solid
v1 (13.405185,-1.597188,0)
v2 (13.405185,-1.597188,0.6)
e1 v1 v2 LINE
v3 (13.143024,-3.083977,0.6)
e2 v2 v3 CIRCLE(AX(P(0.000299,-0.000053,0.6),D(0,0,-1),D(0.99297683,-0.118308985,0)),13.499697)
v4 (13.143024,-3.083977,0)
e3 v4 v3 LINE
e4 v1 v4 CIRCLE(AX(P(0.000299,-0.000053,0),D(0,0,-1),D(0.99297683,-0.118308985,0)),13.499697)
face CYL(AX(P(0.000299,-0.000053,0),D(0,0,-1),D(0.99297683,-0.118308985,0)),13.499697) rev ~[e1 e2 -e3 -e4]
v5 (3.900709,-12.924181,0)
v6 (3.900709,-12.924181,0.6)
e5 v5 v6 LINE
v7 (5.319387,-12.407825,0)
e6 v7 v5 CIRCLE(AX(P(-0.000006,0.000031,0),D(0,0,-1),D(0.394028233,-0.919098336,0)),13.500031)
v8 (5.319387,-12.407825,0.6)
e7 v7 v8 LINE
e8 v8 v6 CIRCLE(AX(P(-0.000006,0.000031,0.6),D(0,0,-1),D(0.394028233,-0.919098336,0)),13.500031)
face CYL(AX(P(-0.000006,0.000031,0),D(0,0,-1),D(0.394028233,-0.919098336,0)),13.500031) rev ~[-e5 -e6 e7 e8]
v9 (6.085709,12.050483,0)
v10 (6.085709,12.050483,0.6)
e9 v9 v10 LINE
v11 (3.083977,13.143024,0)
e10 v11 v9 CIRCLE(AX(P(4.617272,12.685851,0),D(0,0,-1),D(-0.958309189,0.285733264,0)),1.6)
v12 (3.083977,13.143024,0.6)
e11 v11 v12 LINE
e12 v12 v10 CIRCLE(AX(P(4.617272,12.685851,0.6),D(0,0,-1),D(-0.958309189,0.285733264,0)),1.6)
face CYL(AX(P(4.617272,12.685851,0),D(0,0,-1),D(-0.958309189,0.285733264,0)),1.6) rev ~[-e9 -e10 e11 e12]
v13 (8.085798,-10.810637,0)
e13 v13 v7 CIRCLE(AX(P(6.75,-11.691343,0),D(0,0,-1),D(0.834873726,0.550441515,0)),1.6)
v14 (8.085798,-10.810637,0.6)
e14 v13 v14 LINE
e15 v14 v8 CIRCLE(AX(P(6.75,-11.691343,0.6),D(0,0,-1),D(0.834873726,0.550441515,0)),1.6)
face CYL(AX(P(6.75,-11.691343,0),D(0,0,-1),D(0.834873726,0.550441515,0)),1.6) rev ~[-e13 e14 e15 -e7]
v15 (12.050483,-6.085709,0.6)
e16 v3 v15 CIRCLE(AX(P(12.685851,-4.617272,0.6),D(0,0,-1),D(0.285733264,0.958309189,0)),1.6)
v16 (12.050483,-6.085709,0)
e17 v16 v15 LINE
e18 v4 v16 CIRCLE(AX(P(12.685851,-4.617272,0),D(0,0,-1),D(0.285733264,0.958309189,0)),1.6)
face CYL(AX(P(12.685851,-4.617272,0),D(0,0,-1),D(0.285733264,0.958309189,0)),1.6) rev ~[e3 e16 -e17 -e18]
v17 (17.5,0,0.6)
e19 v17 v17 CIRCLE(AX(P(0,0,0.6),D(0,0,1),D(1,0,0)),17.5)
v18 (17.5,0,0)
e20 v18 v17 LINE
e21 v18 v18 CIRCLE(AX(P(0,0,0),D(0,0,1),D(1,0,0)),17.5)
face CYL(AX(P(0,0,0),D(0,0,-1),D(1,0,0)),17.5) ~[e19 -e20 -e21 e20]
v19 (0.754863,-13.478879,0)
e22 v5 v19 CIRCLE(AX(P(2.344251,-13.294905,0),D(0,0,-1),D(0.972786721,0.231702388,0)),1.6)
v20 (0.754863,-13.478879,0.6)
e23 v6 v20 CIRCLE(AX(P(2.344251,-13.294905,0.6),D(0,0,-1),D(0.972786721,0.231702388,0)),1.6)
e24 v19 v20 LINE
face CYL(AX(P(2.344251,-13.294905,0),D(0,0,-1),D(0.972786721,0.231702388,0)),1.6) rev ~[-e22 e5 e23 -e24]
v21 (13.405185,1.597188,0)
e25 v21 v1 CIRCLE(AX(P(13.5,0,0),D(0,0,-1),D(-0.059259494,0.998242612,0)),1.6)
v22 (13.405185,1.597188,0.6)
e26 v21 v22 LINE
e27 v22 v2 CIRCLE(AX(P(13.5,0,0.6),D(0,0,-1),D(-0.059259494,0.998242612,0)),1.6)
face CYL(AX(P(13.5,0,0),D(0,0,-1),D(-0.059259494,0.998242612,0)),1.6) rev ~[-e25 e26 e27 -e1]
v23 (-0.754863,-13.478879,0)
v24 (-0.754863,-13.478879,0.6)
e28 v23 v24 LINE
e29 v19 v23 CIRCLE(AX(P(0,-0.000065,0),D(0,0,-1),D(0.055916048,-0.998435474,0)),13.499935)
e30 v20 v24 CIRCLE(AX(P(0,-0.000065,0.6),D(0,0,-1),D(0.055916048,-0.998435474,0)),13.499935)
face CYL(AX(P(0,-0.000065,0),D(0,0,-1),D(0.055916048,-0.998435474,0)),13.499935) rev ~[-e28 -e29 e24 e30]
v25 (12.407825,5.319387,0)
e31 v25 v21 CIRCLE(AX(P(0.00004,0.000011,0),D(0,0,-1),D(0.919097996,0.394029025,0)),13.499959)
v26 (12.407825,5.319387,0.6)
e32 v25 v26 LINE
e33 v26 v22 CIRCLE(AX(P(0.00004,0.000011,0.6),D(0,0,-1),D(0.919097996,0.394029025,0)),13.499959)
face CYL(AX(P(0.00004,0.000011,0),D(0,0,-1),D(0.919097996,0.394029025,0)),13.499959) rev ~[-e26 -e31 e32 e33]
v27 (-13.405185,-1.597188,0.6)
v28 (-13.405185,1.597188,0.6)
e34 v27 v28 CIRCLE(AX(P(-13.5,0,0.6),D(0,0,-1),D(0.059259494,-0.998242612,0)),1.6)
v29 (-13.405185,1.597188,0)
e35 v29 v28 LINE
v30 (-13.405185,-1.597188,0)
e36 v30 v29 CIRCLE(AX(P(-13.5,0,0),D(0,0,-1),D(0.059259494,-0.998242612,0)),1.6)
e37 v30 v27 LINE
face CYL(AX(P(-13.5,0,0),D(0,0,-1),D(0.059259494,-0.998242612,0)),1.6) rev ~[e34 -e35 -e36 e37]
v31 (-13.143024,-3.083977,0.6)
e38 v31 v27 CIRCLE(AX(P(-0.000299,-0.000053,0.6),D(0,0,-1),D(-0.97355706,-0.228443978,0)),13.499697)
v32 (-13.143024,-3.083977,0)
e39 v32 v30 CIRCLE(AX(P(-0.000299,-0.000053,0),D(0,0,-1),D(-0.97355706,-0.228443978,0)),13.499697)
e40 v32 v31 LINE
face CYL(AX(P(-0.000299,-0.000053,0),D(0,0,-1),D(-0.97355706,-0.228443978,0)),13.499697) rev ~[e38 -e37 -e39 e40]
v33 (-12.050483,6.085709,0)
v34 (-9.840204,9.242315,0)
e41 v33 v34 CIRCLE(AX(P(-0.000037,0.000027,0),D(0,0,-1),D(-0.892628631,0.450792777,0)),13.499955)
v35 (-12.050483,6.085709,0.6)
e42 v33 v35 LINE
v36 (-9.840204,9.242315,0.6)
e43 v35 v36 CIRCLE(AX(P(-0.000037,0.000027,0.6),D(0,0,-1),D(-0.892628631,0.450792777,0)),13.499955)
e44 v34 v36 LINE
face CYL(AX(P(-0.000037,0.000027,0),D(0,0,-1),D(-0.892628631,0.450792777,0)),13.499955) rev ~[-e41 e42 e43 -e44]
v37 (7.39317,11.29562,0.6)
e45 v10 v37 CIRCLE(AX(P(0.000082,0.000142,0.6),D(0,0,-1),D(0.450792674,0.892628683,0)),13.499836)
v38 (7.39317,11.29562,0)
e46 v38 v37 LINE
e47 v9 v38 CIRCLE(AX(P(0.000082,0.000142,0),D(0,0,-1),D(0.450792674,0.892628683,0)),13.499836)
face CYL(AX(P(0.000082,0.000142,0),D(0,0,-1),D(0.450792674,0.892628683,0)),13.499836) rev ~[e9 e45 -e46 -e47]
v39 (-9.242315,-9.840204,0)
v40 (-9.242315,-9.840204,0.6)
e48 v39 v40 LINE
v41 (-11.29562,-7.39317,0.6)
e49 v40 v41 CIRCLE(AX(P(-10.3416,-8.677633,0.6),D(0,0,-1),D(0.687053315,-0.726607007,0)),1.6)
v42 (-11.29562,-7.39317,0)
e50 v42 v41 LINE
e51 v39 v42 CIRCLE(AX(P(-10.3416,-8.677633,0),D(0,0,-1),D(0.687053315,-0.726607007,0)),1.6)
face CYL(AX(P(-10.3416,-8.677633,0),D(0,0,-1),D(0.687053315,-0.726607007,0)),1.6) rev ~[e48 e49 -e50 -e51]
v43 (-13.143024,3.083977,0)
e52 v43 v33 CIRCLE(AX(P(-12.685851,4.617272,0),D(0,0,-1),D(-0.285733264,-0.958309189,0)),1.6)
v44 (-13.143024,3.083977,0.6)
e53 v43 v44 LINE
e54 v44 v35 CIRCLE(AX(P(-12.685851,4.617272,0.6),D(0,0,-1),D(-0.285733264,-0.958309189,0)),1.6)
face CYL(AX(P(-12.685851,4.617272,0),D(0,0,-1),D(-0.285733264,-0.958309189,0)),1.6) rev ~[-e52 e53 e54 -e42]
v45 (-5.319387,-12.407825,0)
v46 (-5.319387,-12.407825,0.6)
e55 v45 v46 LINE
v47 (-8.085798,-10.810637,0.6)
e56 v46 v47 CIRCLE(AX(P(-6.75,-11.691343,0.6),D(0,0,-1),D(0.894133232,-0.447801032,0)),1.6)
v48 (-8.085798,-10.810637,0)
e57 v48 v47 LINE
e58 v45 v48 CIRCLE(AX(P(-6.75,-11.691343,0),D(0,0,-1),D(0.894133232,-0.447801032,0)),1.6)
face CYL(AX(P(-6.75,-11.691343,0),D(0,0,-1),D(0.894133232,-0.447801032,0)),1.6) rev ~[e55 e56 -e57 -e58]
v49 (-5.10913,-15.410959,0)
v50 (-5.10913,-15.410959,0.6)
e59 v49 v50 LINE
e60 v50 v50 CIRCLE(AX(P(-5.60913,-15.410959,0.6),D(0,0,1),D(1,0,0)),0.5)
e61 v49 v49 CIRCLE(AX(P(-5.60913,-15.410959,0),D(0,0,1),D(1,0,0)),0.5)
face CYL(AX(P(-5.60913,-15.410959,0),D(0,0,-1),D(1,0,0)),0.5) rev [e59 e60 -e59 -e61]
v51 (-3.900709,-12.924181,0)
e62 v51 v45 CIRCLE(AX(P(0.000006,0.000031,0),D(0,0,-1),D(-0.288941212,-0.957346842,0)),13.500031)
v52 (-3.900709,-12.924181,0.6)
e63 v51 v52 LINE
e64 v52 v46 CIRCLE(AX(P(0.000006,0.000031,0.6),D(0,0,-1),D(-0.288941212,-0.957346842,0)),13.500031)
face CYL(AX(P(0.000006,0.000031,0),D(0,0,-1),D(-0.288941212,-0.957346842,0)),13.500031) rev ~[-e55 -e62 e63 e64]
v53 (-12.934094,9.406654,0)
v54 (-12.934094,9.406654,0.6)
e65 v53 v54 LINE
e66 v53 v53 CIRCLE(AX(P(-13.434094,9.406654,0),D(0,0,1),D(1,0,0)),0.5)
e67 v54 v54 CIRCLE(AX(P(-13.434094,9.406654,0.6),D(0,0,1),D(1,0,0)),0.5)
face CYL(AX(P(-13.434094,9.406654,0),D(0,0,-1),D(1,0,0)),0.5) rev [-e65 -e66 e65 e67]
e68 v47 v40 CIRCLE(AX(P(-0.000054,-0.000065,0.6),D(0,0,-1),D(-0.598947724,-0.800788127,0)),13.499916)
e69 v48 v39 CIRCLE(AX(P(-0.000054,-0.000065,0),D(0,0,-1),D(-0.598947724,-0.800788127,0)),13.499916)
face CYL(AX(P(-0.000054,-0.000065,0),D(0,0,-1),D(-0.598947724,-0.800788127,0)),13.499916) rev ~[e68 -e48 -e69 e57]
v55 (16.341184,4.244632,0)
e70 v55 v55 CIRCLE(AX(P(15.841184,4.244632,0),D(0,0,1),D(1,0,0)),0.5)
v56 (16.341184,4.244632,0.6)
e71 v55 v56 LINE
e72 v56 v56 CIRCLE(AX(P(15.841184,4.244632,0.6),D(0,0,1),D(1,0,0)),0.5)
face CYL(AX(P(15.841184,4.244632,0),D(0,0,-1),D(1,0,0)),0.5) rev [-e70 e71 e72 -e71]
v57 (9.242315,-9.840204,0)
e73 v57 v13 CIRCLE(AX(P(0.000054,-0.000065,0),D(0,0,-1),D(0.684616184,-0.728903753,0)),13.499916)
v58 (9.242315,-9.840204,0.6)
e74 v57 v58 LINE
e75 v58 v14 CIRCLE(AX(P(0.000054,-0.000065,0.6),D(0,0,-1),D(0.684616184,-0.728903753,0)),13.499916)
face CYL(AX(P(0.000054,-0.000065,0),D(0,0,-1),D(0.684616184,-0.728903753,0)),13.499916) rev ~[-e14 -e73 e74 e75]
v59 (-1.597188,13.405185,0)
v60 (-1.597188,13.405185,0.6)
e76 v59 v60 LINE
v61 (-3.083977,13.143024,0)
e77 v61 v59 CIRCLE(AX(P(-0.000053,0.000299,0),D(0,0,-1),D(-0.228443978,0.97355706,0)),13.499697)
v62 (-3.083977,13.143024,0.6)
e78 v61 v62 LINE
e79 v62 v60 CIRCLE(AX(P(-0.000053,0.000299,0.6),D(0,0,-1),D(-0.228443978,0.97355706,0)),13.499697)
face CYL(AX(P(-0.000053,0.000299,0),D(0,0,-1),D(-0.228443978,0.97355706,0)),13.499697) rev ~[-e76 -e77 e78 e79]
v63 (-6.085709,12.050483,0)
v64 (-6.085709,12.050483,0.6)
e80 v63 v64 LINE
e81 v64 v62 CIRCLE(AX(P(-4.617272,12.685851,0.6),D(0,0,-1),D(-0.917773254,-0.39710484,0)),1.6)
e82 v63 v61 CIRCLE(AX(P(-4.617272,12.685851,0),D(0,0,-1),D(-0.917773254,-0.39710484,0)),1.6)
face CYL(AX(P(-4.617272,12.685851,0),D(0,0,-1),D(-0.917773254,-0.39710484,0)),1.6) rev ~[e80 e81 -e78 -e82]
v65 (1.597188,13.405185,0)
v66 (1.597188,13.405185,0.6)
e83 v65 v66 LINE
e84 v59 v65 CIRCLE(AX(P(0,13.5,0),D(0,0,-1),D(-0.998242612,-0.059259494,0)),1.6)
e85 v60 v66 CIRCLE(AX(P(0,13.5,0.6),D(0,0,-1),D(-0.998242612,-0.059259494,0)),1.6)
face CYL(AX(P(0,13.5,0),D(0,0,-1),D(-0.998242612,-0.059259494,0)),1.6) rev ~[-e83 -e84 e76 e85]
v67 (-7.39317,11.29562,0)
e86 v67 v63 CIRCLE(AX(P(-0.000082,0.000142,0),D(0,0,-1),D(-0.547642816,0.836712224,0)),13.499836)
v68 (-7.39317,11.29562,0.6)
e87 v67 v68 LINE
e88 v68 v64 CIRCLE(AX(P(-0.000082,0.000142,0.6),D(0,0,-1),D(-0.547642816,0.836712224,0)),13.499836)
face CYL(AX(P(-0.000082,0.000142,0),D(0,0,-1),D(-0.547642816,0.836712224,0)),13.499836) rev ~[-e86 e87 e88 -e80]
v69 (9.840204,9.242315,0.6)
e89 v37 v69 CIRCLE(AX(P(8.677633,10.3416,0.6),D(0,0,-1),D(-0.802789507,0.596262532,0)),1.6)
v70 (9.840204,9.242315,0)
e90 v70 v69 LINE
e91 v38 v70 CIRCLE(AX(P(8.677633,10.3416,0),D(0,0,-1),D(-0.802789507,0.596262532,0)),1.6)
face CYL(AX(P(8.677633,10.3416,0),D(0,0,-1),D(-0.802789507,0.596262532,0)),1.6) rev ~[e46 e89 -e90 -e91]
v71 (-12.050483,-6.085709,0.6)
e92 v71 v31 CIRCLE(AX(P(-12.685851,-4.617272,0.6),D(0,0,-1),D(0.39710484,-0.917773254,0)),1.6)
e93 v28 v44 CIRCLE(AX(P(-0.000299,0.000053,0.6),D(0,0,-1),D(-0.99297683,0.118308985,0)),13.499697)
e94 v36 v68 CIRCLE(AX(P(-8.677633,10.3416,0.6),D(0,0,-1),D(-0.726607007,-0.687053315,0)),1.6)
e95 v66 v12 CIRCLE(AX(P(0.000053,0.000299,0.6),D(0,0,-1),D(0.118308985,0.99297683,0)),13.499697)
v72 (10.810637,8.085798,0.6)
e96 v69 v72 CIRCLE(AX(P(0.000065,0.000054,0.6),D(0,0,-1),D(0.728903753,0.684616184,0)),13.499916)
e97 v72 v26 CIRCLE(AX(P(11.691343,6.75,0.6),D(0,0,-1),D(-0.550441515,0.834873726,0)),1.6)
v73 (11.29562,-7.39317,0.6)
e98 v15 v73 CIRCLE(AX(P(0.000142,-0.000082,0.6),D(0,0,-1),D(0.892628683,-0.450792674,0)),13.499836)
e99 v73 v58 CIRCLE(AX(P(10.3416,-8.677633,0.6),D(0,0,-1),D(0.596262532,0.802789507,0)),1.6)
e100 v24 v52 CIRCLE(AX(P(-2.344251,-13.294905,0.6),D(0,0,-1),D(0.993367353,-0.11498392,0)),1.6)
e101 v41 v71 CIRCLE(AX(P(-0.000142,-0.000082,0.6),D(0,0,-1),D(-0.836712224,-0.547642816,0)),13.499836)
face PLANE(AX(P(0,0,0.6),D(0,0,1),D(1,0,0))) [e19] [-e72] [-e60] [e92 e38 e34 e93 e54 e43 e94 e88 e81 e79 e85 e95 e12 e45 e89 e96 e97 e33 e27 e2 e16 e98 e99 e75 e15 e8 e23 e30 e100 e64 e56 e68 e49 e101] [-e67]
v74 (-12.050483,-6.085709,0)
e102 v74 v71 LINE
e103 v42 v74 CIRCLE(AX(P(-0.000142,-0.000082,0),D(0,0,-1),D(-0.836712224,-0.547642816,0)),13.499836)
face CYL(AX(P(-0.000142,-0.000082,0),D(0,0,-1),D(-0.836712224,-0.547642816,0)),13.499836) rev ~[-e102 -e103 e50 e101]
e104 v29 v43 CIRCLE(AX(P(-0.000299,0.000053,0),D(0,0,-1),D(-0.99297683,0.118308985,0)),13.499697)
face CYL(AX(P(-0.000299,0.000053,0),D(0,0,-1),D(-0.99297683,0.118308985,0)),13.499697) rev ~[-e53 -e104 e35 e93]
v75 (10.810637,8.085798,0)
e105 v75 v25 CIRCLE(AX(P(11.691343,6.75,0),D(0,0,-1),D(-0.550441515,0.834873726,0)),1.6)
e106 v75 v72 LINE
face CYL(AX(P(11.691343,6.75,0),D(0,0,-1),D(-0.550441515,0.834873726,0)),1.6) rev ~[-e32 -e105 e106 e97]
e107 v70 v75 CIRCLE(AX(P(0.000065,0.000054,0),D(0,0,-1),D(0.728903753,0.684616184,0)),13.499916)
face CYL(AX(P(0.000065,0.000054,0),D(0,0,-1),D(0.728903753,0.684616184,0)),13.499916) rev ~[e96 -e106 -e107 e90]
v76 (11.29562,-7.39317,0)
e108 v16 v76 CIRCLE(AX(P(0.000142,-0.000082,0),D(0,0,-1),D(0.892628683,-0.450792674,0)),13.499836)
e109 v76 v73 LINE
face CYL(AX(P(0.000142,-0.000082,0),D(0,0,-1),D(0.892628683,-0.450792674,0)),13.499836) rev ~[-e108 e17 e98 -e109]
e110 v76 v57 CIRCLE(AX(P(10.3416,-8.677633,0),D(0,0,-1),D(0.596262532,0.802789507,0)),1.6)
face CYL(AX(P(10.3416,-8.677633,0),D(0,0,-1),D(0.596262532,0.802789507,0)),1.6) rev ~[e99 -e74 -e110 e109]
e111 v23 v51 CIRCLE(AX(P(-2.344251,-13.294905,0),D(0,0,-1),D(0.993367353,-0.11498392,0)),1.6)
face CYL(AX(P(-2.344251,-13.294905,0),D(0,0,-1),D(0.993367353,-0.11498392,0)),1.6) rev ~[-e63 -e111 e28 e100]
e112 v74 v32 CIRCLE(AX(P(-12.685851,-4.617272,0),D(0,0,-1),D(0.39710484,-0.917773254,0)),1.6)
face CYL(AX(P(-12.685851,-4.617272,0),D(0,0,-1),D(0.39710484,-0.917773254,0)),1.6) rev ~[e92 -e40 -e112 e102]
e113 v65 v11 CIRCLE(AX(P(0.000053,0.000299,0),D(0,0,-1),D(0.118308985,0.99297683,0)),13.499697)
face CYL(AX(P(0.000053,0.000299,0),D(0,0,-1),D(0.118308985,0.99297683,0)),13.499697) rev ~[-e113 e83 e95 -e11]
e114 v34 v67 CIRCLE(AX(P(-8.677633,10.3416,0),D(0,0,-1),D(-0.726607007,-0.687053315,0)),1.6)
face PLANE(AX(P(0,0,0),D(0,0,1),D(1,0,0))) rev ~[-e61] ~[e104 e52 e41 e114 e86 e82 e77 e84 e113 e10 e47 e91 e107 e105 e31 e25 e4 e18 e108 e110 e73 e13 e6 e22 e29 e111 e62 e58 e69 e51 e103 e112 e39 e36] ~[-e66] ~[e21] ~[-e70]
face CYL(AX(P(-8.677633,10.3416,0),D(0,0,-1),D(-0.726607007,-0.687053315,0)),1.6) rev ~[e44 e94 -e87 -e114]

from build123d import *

# Parameters (mm, degrees)
F0_R     = 17.5
F0_R_2   = 0.5
F1_DEPTH = 0.6


with BuildPart() as f1:
    # F0 (on Top) → F1 (new body)
    with BuildSketch(Plane.XY):
        Circle(F0_R)
        with Locations((-5.60913, -15.410959)):
            Circle(F0_R_2, mode=Mode.SUBTRACT)
        with Locations((-13.434094, 9.406654)):
            Circle(F0_R_2, mode=Mode.SUBTRACT)
        with BuildLine():
            ThreePointArc((12.407825, 5.319387), (13.039999, 3.494057), (13.405185, 1.597188))
            ThreePointArc((13.405185, 1.597188), (15.1, 0), (13.405185, -1.597188))
            ThreePointArc((13.405185, -1.597188), (13.294905, -2.34425), (13.143024, -3.083977))
            ThreePointArc((13.143024, -3.083977), (14.189359, -5.164504), (12.050483, -6.085709))
            ThreePointArc((12.050483, -6.085709), (11.691343, -6.75), (11.29562, -7.39317))
            ThreePointArc((11.29562, -7.39317), (11.567271, -9.706093), (9.242315, -9.840204))
            ThreePointArc((9.242315, -9.840204), (8.677633, -10.3416), (8.085798, -10.810637))
            ThreePointArc((8.085798, -10.810637), (7.55, -13.076984), (5.319387, -12.407825))
            ThreePointArc((5.319387, -12.407825), (4.617272, -12.68585), (3.900709, -12.924181))
            ThreePointArc((3.900709, -12.924181), (2.622087, -14.870597), (0.754863, -13.478879))
            ThreePointArc((0.754863, -13.478879), (0, -13.5), (-0.754863, -13.478879))
            ThreePointArc((-0.754863, -13.478879), (-2.622087, -14.870597), (-3.900709, -12.924181))
            ThreePointArc((-3.900709, -12.924181), (-4.617272, -12.68585), (-5.319387, -12.407825))
            ThreePointArc((-5.319387, -12.407825), (-7.55, -13.076984), (-8.085798, -10.810637))
            ThreePointArc((-8.085798, -10.810637), (-8.677633, -10.3416), (-9.242315, -9.840204))
            ThreePointArc((-9.242315, -9.840204), (-11.567271, -9.706093), (-11.29562, -7.39317))
            ThreePointArc((-11.29562, -7.39317), (-11.691343, -6.75), (-12.050483, -6.085709))
            ThreePointArc((-12.050483, -6.085709), (-14.189359, -5.164504), (-13.143024, -3.083977))
            ThreePointArc((-13.143024, -3.083977), (-13.294905, -2.34425), (-13.405185, -1.597188))
            ThreePointArc((-13.405185, -1.597188), (-15.1, 0), (-13.405185, 1.597188))
            ThreePointArc((-13.405185, 1.597188), (-13.294905, 2.34425), (-13.143024, 3.083977))
            ThreePointArc((-13.143024, 3.083977), (-14.189359, 5.164504), (-12.050483, 6.085709))
            ThreePointArc((-12.050483, 6.085709), (-11.058553, 7.743282), (-9.840204, 9.242315))
            ThreePointArc((-9.840204, 9.242315), (-9.706093, 11.567271), (-7.39317, 11.29562))
            ThreePointArc((-7.39317, 11.29562), (-6.75, 11.691343), (-6.085709, 12.050483))
            ThreePointArc((-6.085709, 12.050483), (-5.164504, 14.189359), (-3.083977, 13.143024))
            ThreePointArc((-3.083977, 13.143024), (-2.34425, 13.294905), (-1.597188, 13.405185))
            ThreePointArc((-1.597188, 13.405185), (0, 15.1), (1.597188, 13.405185))
            ThreePointArc((1.597188, 13.405185), (2.34425, 13.294905), (3.083977, 13.143024))
            ThreePointArc((3.083977, 13.143024), (5.164504, 14.189359), (6.085709, 12.050483))
            ThreePointArc((6.085709, 12.050483), (6.75, 11.691343), (7.39317, 11.29562))
            ThreePointArc((7.39317, 11.29562), (9.706093, 11.567271), (9.840204, 9.242315))
            ThreePointArc((9.840204, 9.242315), (10.3416, 8.677633), (10.810637, 8.085798))
            ThreePointArc((10.810637, 8.085798), (13.076984, 7.55), (12.407825, 5.319387))
        make_face(mode=Mode.SUBTRACT)
        with Locations((15.841184, 4.244632)):
            Circle(F0_R_2, mode=Mode.SUBTRACT)
    extrude(amount=F1_DEPTH)


solid = f1.part
